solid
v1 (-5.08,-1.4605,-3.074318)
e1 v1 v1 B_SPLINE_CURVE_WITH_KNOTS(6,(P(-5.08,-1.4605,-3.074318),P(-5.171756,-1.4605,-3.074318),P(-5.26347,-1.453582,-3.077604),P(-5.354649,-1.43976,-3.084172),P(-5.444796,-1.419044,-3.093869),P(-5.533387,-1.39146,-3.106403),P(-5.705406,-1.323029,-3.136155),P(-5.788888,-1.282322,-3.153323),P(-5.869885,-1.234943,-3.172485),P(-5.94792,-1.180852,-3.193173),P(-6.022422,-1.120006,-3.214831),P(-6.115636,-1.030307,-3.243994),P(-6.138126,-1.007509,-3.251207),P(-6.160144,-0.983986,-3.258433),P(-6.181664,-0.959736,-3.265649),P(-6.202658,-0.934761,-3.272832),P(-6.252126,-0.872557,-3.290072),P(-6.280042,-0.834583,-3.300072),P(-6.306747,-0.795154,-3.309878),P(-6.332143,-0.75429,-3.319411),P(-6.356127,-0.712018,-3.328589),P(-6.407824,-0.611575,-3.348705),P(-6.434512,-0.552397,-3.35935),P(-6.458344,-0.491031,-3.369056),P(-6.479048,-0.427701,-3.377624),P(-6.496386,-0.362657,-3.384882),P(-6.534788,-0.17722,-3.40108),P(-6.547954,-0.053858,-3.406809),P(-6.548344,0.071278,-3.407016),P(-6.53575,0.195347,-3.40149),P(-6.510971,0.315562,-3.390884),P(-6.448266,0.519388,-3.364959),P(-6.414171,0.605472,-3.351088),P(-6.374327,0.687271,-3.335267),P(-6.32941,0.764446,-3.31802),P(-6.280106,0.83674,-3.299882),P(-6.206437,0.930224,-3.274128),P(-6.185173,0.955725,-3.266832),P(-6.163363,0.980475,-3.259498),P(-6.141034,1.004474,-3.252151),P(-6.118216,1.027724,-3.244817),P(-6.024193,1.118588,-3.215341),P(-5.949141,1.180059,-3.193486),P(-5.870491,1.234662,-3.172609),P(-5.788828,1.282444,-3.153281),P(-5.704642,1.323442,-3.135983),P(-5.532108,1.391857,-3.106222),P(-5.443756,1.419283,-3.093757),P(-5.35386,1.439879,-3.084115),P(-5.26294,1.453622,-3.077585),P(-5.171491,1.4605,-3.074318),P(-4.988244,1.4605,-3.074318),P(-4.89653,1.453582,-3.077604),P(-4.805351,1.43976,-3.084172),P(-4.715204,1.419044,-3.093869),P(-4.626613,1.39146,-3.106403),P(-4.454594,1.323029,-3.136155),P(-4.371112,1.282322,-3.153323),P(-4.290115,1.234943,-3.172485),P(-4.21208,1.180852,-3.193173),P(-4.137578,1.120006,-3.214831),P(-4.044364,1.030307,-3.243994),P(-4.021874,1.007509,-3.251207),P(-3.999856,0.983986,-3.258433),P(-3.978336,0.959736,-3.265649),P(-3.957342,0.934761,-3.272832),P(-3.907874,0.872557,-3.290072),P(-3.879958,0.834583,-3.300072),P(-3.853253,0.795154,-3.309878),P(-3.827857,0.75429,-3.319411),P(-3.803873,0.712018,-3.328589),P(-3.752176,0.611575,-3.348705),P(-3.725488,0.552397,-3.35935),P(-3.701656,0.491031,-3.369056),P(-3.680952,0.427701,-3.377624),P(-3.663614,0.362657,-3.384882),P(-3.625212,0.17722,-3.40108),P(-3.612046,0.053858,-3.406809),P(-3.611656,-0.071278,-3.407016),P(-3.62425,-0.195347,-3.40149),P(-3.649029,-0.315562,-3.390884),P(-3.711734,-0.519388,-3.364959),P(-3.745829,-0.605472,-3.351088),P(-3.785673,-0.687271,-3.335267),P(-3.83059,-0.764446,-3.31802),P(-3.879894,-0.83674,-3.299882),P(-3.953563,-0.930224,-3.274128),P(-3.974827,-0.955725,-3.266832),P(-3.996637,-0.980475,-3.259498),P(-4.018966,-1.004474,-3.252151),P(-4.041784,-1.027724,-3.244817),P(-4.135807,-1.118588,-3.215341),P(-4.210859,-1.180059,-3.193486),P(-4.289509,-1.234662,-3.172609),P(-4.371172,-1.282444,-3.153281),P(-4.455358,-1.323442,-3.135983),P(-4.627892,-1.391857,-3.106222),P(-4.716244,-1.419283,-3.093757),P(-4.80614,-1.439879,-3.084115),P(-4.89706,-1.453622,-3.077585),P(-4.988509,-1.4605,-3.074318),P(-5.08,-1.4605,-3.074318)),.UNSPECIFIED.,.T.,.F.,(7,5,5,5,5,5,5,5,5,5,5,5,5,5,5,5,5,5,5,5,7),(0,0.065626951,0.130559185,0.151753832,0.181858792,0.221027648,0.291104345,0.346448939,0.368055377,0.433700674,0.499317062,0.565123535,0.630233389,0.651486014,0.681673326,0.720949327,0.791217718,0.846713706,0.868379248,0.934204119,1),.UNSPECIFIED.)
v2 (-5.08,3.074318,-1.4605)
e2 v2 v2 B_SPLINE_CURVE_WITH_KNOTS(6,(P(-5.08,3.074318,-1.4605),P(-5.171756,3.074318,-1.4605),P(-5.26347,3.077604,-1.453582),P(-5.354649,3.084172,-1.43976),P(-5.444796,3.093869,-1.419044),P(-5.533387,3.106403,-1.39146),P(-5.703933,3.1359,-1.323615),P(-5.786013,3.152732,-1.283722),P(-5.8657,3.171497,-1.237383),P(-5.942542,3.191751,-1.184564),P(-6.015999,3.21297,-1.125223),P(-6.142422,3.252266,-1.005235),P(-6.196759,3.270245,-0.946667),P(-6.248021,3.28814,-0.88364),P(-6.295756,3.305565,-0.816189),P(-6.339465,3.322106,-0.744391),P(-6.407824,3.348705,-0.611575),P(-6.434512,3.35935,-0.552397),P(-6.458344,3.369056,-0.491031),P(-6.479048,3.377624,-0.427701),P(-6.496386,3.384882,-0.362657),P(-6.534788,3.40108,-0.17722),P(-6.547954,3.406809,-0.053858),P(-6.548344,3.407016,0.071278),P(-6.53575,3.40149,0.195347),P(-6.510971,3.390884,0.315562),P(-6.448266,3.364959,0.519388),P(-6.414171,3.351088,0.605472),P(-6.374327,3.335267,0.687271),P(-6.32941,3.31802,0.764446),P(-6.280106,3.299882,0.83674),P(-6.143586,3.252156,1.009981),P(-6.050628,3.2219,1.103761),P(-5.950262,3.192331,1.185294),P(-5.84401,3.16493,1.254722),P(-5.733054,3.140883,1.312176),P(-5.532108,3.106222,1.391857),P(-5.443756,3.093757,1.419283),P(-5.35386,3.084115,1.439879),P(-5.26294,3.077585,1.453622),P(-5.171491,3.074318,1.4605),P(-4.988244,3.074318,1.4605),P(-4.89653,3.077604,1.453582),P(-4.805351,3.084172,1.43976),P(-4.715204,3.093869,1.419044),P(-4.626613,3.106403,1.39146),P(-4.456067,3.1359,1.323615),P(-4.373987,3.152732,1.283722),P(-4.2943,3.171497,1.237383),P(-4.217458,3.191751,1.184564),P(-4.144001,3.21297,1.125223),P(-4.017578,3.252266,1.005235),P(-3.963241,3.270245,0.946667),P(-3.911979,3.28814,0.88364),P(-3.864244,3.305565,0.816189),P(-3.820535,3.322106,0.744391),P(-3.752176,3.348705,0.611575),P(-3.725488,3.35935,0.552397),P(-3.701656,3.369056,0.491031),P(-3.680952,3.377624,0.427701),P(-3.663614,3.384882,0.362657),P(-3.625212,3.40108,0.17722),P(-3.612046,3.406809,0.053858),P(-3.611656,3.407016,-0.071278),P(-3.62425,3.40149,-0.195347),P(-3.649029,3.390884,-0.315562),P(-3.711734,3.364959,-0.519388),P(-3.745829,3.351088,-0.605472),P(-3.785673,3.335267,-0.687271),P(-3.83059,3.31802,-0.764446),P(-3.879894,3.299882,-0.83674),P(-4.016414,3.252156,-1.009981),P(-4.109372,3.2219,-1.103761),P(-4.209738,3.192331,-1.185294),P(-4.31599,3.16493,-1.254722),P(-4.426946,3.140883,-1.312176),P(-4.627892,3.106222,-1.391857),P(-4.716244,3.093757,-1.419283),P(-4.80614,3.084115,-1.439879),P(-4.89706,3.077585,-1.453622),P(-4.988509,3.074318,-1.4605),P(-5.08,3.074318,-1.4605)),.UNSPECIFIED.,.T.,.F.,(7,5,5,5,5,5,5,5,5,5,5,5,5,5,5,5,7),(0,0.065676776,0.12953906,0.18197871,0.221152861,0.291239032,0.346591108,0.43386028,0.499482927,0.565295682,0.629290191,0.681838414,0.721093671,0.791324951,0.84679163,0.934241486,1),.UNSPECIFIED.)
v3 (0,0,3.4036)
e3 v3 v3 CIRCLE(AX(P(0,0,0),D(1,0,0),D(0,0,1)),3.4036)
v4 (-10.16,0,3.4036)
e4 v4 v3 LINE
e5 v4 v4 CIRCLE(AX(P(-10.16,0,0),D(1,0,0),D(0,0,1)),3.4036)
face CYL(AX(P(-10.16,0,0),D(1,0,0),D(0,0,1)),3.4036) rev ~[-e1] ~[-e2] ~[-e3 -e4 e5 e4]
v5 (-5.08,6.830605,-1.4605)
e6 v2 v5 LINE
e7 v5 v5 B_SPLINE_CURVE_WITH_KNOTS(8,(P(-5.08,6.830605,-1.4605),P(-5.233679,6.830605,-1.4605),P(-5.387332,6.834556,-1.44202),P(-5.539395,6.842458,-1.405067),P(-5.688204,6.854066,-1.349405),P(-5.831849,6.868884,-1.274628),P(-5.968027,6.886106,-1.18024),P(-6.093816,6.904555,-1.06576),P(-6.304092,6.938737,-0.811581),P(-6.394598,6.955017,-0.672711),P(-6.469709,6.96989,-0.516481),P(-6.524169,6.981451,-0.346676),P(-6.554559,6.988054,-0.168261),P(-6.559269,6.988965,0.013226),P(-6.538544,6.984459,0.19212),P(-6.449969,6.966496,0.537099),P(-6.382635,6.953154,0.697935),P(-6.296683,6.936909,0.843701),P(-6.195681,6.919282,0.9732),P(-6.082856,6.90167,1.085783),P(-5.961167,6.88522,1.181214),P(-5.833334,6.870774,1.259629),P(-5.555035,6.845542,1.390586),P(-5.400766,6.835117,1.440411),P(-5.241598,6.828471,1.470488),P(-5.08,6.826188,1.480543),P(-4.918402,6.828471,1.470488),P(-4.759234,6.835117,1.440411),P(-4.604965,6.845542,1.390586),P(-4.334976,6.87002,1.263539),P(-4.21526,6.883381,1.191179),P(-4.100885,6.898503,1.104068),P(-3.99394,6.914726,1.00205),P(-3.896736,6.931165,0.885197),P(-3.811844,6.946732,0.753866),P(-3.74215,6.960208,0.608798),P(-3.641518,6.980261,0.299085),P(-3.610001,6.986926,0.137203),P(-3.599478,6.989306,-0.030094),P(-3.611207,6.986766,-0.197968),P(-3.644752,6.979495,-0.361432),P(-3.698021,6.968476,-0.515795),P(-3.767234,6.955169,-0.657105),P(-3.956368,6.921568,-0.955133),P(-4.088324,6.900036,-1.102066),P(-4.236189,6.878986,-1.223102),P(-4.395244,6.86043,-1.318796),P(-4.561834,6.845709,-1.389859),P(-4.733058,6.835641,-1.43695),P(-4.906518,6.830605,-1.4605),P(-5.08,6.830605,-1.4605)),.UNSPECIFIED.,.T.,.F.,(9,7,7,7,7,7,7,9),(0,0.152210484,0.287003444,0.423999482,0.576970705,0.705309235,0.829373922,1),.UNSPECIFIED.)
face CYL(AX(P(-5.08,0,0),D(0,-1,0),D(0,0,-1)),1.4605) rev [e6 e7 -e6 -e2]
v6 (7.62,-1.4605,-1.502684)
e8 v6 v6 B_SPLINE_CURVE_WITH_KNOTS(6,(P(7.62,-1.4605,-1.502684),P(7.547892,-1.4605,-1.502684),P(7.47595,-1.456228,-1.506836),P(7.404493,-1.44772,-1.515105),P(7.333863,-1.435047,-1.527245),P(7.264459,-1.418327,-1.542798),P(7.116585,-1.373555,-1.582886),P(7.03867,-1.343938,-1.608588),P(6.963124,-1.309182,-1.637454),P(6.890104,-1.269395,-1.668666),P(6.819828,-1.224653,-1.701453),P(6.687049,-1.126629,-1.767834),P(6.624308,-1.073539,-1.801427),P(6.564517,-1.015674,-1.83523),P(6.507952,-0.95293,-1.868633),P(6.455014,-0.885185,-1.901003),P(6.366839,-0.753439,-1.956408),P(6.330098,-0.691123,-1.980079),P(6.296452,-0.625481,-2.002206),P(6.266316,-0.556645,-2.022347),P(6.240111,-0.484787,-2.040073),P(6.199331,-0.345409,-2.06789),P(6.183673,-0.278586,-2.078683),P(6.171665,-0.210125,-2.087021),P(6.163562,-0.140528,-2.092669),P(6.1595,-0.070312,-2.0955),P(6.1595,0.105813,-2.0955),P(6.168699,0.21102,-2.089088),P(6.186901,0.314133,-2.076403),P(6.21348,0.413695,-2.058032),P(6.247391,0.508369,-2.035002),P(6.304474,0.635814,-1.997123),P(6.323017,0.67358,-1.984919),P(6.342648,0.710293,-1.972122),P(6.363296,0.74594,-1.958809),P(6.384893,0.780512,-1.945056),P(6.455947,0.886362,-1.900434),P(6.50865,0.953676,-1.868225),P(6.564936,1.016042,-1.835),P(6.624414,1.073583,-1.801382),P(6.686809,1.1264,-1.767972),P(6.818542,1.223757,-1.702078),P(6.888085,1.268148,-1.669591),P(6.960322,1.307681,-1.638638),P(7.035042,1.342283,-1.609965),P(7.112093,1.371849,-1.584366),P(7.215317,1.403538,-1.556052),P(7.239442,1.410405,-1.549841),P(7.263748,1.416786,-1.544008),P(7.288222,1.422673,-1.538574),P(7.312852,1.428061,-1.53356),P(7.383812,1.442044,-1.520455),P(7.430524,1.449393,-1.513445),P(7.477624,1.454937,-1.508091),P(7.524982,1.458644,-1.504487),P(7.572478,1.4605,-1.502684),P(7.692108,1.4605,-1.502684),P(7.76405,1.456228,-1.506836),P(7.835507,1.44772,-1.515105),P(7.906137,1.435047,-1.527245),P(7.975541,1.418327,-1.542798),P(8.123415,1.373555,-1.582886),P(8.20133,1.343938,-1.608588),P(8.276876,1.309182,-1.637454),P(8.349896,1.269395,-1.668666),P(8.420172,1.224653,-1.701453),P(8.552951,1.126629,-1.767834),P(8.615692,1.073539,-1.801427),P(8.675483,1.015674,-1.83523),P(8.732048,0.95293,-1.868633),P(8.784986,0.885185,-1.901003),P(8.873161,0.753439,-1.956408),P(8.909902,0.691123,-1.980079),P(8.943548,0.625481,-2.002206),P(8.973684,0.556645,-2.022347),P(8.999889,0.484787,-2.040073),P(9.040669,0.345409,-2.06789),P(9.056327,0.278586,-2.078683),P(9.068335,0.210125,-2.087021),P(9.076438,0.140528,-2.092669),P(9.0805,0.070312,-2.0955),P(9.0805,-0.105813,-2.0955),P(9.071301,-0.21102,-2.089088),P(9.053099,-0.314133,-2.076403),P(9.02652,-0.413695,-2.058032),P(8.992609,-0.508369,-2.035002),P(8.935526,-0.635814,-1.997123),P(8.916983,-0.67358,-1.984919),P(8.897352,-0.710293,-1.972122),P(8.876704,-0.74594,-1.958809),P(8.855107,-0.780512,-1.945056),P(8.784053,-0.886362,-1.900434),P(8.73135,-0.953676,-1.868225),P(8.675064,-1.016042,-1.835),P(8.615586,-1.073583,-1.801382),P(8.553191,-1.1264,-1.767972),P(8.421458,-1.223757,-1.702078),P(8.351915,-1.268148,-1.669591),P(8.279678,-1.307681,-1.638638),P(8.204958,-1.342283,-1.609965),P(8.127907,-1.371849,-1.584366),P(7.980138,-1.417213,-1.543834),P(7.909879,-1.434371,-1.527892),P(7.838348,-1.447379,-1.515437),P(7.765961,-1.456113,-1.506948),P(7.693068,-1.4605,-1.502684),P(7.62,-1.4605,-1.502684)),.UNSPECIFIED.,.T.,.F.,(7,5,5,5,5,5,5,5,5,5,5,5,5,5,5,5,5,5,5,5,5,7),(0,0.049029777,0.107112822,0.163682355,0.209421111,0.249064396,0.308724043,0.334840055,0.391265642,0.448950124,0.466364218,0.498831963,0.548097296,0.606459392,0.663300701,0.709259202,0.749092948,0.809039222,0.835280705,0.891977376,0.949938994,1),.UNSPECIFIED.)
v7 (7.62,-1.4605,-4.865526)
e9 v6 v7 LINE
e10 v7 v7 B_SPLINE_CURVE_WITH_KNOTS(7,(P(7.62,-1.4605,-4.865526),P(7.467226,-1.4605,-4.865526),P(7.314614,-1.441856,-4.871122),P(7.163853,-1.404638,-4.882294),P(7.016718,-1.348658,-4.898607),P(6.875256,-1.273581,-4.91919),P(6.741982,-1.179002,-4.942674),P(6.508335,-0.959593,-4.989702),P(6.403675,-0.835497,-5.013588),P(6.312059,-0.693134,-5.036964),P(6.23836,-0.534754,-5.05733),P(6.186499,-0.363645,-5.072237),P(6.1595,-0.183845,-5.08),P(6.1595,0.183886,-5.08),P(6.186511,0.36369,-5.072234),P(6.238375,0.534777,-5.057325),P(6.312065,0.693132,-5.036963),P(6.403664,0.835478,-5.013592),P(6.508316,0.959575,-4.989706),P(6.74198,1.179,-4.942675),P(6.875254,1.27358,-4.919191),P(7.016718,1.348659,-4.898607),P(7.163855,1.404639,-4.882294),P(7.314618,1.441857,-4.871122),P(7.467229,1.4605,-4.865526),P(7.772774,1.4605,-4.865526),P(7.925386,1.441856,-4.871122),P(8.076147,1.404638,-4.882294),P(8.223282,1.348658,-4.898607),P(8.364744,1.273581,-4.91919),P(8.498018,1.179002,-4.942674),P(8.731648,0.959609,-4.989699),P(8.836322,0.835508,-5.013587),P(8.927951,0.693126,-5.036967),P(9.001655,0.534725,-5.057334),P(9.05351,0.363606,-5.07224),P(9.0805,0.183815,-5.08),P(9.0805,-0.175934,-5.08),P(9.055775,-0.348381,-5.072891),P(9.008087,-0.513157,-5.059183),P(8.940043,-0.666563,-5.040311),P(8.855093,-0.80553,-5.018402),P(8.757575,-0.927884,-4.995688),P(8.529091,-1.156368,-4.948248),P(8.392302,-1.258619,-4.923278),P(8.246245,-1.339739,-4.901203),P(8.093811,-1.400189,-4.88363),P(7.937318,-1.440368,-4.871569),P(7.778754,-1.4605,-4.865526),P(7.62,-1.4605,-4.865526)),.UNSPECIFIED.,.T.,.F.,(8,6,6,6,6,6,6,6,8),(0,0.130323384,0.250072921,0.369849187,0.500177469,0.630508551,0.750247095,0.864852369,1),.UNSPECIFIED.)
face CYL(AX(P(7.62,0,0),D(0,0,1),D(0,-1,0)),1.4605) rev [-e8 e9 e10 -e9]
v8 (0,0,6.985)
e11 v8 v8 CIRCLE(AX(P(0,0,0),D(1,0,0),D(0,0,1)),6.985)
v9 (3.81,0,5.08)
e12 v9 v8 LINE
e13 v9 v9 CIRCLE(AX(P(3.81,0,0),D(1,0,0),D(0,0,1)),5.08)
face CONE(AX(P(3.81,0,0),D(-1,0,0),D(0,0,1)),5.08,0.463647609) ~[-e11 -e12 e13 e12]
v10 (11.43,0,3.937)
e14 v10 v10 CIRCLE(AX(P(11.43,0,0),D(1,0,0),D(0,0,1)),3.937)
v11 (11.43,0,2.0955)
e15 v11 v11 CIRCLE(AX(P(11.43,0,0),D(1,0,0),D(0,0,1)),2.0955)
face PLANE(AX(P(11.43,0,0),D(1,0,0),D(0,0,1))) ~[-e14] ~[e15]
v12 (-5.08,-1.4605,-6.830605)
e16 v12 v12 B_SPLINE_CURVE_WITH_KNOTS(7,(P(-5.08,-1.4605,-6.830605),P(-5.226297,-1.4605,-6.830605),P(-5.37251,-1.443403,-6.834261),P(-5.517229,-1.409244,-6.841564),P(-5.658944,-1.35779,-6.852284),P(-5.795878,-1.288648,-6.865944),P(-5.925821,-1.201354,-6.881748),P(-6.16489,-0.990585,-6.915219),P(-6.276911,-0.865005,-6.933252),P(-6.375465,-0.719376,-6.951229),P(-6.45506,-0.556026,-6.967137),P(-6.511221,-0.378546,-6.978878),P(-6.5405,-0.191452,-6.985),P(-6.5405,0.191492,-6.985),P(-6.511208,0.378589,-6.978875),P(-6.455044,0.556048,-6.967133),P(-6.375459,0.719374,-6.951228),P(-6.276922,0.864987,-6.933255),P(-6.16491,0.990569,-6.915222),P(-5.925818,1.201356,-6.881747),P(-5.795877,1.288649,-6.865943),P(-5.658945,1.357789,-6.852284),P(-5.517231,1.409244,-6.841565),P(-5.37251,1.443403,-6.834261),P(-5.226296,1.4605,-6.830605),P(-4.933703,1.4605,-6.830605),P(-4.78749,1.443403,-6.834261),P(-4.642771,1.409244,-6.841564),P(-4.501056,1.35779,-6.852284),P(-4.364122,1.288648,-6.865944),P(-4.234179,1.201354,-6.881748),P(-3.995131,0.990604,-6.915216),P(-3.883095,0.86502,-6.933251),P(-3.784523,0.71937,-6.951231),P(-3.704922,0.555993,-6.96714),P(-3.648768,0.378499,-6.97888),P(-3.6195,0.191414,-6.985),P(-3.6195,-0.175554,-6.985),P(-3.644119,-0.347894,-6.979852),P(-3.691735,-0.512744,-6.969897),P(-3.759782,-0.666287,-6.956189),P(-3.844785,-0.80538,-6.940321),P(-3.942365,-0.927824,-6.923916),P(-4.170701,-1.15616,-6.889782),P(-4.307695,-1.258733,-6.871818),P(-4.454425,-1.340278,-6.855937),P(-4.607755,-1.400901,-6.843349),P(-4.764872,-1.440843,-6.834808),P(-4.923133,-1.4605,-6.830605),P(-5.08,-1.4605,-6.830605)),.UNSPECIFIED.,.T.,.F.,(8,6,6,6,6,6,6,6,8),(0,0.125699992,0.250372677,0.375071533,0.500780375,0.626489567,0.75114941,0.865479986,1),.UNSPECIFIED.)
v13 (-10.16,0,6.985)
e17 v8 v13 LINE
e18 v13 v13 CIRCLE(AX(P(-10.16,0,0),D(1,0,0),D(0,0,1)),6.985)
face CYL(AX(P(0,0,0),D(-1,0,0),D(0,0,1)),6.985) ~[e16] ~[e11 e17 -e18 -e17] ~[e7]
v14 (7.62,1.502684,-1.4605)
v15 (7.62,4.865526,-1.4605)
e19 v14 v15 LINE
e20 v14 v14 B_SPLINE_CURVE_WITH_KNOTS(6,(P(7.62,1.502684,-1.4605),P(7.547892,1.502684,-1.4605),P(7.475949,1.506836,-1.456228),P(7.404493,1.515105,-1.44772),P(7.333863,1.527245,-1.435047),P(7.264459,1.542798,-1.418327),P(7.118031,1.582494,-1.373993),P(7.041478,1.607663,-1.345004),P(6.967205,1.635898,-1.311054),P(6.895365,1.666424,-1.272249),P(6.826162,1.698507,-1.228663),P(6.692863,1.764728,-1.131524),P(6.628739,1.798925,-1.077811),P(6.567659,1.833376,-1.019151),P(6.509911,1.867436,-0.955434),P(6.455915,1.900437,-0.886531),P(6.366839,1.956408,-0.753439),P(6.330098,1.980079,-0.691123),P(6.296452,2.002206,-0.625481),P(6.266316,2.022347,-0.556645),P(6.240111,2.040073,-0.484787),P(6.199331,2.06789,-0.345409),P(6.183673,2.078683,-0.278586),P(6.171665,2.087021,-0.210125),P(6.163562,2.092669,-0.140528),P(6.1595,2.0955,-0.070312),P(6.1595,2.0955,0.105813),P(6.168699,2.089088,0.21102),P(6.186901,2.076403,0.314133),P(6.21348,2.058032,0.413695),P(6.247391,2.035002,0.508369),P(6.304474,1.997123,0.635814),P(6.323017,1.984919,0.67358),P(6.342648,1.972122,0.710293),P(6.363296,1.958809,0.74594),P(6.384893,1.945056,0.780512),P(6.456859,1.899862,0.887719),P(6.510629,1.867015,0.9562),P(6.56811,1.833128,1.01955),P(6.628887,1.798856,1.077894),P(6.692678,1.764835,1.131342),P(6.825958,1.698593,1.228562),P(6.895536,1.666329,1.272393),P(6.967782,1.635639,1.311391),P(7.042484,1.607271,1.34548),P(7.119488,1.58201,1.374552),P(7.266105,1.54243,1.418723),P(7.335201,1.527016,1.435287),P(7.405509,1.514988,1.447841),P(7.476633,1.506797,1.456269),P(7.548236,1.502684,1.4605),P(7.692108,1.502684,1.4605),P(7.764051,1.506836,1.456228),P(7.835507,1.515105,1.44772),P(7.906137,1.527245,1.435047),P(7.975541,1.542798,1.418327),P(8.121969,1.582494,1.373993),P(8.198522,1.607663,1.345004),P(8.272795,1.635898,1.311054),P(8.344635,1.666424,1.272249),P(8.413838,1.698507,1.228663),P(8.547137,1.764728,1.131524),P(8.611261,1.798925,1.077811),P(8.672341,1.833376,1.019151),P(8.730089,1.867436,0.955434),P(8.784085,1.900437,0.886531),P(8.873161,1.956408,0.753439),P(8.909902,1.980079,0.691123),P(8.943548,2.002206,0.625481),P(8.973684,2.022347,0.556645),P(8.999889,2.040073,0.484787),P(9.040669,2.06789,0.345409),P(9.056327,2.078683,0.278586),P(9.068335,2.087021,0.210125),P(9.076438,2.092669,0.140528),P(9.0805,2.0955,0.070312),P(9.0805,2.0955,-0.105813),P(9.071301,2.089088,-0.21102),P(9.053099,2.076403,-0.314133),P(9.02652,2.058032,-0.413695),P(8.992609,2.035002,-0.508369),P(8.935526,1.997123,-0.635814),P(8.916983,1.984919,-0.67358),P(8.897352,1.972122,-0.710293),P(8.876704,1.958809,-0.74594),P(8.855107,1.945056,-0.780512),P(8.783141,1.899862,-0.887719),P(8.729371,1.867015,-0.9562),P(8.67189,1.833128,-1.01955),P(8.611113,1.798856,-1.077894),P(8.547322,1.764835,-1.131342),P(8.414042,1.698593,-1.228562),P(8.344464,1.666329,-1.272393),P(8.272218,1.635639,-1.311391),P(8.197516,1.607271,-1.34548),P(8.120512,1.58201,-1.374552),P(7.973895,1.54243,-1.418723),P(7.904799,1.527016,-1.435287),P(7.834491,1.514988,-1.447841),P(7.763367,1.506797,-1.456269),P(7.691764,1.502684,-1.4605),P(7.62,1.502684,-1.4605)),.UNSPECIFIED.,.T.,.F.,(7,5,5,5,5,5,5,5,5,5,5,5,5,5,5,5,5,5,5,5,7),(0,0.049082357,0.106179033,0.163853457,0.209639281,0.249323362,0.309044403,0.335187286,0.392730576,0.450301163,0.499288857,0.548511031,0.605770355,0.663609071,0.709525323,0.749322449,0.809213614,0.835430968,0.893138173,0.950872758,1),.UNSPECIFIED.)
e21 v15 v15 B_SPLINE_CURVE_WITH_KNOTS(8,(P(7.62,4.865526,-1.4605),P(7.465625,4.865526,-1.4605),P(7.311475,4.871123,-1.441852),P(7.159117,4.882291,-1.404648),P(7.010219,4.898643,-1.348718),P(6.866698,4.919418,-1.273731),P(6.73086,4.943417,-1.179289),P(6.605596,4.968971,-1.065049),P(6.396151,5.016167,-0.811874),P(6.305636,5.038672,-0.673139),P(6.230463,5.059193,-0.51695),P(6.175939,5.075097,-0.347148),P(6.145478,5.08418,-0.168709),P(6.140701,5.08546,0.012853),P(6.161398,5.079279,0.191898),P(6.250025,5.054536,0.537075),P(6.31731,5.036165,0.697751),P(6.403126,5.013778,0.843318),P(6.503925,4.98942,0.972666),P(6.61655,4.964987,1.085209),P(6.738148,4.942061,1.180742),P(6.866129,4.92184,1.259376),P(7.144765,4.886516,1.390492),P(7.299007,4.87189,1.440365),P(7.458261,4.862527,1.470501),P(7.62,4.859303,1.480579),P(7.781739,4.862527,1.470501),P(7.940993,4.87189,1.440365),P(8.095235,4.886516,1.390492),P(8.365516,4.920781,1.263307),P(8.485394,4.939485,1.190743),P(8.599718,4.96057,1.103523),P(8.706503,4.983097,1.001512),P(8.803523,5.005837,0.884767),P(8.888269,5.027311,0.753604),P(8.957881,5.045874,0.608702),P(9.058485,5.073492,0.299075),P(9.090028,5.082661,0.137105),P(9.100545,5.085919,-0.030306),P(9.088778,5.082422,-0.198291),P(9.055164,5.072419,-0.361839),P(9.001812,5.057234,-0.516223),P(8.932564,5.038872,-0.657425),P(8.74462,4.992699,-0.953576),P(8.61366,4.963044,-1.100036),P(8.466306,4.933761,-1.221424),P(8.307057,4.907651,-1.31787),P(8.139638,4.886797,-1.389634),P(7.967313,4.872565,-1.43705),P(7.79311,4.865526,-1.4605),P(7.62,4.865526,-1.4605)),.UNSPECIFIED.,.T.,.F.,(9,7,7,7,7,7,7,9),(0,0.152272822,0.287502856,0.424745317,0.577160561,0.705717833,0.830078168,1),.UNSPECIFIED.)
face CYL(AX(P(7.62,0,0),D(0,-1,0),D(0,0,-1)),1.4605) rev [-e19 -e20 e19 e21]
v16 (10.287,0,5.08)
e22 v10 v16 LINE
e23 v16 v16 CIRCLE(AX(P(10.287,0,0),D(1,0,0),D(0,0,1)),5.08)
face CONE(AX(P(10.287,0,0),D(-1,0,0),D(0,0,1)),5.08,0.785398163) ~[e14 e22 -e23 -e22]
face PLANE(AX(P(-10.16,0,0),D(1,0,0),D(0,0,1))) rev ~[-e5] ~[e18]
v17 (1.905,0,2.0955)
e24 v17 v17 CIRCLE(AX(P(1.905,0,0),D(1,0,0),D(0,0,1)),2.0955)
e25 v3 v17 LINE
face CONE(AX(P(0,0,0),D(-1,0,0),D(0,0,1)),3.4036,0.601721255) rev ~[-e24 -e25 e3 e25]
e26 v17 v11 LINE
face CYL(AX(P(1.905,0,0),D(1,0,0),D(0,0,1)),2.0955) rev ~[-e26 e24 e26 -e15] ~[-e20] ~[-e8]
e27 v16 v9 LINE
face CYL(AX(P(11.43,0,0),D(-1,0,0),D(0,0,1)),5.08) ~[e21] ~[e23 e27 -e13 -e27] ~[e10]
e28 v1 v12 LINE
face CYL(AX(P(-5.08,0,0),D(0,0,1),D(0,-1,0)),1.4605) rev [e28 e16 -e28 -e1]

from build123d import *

# Parameters (mm, degrees)
SKETCH2_R          = 1.4605
CUT_EXTRUDE1_DEPTH = 16.107129112
CIRPATTERN1_COUNT  = 2
CIRPATTERN1_ANGLE  = 90
CHAMFER1_SIZE      = 1.143


with BuildPart() as part:
    # Sketch1 → Revolve1 (revolve)
    with BuildSketch(Plane(origin=(0, 0, 0), x_dir=(1, 0, 0), z_dir=(0, 1, 0)), mode=Mode.PRIVATE) as revolve1_sk:
        Polygon((-10.16, 3.4036), (0, 3.4036), (1.905, 2.0955), (11.43, 2.0955), (11.43, 5.08), (3.81, 5.08), (0, 6.985), (-10.16, 6.985), align=None)
    revolve(revolve1_sk.sketch.rotate(Axis((0, 0, 0), (1, 0, 0)), 180), axis=Axis((0, 0, 0), (1, 0, 0)))

    # Sketch2 → Cut-Extrude1 (cut, through all)
    with BuildSketch(Plane(origin=(0, 0, 0), x_dir=(1, 0, 0), z_dir=(0, 1, 0))):
        with Locations(Location((-5.08, 0, 0), (0, 0, 90))):
            Circle(SKETCH2_R)
        with Locations(Location((7.62, 0, 0), (0, 0, 90))):
            Circle(SKETCH2_R)
    cut_extrude1 = extrude(amount=CUT_EXTRUDE1_DEPTH, mode=Mode.SUBTRACT)

    # CirPattern1: Cut-Extrude1 ×2 about axis
    cirpattern1_axis = Axis((-10.16, 0, 0), (-1, 0, 0))
    for i in range(1, CIRPATTERN1_COUNT):
        add(cut_extrude1.rotate(cirpattern1_axis, i * CIRPATTERN1_ANGLE / (CIRPATTERN1_COUNT - 1)), mode=Mode.SUBTRACT)

    # Chamfer1
    chamfer1_edges = [part.edges().sort_by_distance(p)[0] for p in [
        (11.43, 0, -5.08),
    ]]
    chamfer(chamfer1_edges, length=CHAMFER1_SIZE)


solid = part.part
